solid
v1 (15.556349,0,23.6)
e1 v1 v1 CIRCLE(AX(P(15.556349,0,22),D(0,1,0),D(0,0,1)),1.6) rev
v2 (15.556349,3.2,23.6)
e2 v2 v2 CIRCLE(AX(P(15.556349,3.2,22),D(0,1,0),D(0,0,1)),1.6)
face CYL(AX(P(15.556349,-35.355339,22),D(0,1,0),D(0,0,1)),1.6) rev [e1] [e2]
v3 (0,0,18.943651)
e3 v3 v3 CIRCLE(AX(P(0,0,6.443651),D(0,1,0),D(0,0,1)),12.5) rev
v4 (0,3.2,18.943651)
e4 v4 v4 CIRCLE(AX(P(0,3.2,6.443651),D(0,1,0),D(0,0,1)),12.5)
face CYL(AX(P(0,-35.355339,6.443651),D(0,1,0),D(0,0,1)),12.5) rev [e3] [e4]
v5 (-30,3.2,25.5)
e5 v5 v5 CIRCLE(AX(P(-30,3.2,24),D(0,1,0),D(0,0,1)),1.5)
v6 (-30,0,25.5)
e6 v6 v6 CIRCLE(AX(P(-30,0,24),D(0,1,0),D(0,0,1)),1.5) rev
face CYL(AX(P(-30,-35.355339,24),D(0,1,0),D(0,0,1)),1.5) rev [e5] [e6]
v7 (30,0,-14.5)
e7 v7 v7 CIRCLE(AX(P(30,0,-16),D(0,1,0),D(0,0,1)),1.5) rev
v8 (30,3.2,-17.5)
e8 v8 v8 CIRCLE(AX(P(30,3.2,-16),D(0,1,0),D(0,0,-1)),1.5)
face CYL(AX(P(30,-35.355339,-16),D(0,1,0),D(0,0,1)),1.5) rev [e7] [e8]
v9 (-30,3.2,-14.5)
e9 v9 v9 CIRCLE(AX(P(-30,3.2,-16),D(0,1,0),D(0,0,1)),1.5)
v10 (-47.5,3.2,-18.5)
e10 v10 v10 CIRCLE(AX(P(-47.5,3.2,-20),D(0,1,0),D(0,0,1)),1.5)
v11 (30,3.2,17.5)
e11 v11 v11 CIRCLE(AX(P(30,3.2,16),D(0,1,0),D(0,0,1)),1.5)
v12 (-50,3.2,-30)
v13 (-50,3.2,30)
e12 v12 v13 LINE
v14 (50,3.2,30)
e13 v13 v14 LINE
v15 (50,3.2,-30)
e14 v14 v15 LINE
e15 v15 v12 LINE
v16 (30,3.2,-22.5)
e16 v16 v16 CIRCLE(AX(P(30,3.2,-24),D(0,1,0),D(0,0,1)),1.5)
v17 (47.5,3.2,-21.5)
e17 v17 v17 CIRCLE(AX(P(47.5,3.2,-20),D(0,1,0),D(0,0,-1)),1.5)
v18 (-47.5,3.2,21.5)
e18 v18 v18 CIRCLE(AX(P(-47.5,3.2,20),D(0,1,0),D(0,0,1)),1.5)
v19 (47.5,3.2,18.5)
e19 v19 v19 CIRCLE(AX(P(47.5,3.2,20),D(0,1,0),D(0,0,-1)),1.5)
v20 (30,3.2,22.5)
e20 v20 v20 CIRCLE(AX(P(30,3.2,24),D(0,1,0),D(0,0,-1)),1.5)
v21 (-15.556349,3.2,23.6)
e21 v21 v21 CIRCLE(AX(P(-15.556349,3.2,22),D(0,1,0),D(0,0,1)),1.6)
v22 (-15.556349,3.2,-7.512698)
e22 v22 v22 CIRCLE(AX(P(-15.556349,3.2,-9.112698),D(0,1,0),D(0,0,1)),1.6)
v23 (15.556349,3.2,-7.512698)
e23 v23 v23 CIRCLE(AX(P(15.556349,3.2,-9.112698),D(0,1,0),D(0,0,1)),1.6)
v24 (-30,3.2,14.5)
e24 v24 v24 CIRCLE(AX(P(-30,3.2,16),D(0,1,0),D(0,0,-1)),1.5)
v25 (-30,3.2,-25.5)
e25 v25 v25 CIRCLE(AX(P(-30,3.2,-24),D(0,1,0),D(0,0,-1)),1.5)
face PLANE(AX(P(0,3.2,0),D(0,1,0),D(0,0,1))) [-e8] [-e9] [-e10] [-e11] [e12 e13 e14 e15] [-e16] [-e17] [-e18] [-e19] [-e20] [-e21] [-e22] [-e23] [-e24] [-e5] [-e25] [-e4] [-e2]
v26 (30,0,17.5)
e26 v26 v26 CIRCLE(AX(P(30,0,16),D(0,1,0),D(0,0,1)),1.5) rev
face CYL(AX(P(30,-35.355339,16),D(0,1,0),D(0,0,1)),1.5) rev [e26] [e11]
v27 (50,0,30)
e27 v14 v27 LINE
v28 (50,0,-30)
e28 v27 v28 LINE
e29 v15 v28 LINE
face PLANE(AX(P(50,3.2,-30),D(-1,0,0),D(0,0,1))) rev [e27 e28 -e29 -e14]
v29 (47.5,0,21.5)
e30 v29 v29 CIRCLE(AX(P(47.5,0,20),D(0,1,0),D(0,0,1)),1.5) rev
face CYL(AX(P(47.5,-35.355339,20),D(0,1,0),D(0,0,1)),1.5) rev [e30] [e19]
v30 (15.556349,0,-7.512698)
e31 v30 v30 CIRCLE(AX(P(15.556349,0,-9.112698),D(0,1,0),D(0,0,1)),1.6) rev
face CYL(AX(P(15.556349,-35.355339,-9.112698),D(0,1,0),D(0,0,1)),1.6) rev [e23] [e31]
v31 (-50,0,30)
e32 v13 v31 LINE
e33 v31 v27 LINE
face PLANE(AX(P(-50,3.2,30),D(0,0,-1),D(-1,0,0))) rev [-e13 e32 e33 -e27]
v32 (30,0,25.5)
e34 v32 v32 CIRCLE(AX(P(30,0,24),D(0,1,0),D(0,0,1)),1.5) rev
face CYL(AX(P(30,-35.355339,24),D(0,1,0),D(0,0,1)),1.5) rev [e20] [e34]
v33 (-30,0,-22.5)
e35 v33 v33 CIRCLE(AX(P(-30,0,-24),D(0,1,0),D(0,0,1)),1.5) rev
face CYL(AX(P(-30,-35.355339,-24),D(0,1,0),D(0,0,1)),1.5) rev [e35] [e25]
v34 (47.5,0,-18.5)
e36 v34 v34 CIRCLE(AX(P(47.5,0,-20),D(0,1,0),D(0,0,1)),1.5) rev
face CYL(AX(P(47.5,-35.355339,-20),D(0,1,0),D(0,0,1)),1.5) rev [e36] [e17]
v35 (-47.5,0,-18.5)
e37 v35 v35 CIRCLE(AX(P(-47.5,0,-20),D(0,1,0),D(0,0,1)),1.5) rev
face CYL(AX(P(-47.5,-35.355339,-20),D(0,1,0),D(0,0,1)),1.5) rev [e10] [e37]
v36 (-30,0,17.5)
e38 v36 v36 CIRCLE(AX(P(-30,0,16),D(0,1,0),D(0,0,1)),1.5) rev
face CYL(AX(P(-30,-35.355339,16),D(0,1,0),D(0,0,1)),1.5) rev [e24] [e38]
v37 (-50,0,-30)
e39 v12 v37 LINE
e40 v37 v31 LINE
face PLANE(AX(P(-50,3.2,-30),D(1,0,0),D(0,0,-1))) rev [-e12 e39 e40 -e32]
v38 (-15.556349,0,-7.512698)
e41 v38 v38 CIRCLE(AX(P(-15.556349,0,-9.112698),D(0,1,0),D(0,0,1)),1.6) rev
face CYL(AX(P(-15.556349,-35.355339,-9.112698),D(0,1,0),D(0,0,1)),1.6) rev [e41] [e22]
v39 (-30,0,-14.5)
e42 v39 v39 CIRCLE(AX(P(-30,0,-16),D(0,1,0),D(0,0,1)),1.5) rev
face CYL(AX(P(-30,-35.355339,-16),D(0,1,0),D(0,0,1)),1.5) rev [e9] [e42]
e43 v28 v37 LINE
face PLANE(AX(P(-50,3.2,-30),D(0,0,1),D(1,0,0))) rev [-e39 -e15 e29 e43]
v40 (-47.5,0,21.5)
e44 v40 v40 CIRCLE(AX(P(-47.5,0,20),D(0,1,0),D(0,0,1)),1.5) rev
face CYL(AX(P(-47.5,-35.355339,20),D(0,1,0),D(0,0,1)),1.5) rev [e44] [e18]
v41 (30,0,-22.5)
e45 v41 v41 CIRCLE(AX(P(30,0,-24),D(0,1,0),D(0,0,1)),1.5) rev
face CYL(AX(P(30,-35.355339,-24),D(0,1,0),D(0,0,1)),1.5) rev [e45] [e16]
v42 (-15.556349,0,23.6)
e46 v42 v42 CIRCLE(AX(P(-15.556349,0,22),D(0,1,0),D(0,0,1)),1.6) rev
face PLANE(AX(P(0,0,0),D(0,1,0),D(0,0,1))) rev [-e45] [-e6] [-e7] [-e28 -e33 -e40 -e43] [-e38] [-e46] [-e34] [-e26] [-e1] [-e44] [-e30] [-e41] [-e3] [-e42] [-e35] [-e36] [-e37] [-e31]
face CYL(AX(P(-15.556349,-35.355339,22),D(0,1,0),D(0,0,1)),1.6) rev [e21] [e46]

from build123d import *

# Parameters (mm, degrees)
SKETCH_1_W          = 100
SKETCH_1_H          = 60
EXTRUDE_1_DEPTH     = 3.2
SKETCH_2_R          = 12.5
SKETCH_2_R_2        = 1.6
SKETCH_2_R_3        = 1.5
CUT_EXTRUDE_1_DEPTH = 3.2


with BuildPart() as part:
    # 草图1 → 凸台-拉伸1 (new body)
    with BuildSketch(Plane(origin=(0, 0, 0), x_dir=(1, 0, 0), z_dir=(0, 1, 0))):
        Rectangle(SKETCH_1_W, SKETCH_1_H)
    extrude(amount=EXTRUDE_1_DEPTH)

    # 草图2 → 切除-拉伸1 (cut)
    with BuildSketch(Plane(origin=(0, 3.2, 0), x_dir=(1, 0, 0), z_dir=(0, 1, 0))):
        with Locations(Location((0, -6.443650814, 0), (0, 0, 270))):
            Circle(SKETCH_2_R)
        with Locations(Location((15.556349186, -22, 0), (0, 0, 270))):
            Circle(SKETCH_2_R_2)
        with Locations(Location((15.556349186, 9.112698372, 0), (0, 0, 270))):
            Circle(SKETCH_2_R_2)
        with Locations(Location((-15.556349186, 9.112698372, 0), (0, 0, 270))):
            Circle(SKETCH_2_R_2)
        with Locations(Location((-15.556349186, -22, 0), (0, 0, 270))):
            Circle(SKETCH_2_R_2)
        with Locations(Location((-47.5, 20, 0), (0, 0, 270))):
            Circle(SKETCH_2_R_3)
        with Locations(Location((-47.5, -20, 0), (0, 0, 270))):
            Circle(SKETCH_2_R_3)
        with Locations(Location((47.5, -20, 0), (0, 0, 270))):
            Circle(SKETCH_2_R_3)
        with Locations(Location((47.5, 20, 0), (0, 0, 270))):
            Circle(SKETCH_2_R_3)
        with Locations(Location((-30, -24, 0), (0, 0, 270))):
            Circle(SKETCH_2_R_3)
        with Locations(Location((-30, -16, 0), (0, 0, 270))):
            Circle(SKETCH_2_R_3)
        with Locations(Location((-30, 24, 0), (0, 0, 270))):
            Circle(SKETCH_2_R_3)
        with Locations(Location((-30, 16, 0), (0, 0, 270))):
            Circle(SKETCH_2_R_3)
        with Locations(Location((30, -24, 0), (0, 0, 270))):
            Circle(SKETCH_2_R_3)
        with Locations(Location((30, -16, 0), (0, 0, 270))):
            Circle(SKETCH_2_R_3)
        with Locations(Location((30, 24, 0), (0, 0, 270))):
            Circle(SKETCH_2_R_3)
        with Locations(Location((30, 16, 0), (0, 0, 270))):
            Circle(SKETCH_2_R_3)
    extrude(amount=-CUT_EXTRUDE_1_DEPTH, mode=Mode.SUBTRACT)


solid = part.part
